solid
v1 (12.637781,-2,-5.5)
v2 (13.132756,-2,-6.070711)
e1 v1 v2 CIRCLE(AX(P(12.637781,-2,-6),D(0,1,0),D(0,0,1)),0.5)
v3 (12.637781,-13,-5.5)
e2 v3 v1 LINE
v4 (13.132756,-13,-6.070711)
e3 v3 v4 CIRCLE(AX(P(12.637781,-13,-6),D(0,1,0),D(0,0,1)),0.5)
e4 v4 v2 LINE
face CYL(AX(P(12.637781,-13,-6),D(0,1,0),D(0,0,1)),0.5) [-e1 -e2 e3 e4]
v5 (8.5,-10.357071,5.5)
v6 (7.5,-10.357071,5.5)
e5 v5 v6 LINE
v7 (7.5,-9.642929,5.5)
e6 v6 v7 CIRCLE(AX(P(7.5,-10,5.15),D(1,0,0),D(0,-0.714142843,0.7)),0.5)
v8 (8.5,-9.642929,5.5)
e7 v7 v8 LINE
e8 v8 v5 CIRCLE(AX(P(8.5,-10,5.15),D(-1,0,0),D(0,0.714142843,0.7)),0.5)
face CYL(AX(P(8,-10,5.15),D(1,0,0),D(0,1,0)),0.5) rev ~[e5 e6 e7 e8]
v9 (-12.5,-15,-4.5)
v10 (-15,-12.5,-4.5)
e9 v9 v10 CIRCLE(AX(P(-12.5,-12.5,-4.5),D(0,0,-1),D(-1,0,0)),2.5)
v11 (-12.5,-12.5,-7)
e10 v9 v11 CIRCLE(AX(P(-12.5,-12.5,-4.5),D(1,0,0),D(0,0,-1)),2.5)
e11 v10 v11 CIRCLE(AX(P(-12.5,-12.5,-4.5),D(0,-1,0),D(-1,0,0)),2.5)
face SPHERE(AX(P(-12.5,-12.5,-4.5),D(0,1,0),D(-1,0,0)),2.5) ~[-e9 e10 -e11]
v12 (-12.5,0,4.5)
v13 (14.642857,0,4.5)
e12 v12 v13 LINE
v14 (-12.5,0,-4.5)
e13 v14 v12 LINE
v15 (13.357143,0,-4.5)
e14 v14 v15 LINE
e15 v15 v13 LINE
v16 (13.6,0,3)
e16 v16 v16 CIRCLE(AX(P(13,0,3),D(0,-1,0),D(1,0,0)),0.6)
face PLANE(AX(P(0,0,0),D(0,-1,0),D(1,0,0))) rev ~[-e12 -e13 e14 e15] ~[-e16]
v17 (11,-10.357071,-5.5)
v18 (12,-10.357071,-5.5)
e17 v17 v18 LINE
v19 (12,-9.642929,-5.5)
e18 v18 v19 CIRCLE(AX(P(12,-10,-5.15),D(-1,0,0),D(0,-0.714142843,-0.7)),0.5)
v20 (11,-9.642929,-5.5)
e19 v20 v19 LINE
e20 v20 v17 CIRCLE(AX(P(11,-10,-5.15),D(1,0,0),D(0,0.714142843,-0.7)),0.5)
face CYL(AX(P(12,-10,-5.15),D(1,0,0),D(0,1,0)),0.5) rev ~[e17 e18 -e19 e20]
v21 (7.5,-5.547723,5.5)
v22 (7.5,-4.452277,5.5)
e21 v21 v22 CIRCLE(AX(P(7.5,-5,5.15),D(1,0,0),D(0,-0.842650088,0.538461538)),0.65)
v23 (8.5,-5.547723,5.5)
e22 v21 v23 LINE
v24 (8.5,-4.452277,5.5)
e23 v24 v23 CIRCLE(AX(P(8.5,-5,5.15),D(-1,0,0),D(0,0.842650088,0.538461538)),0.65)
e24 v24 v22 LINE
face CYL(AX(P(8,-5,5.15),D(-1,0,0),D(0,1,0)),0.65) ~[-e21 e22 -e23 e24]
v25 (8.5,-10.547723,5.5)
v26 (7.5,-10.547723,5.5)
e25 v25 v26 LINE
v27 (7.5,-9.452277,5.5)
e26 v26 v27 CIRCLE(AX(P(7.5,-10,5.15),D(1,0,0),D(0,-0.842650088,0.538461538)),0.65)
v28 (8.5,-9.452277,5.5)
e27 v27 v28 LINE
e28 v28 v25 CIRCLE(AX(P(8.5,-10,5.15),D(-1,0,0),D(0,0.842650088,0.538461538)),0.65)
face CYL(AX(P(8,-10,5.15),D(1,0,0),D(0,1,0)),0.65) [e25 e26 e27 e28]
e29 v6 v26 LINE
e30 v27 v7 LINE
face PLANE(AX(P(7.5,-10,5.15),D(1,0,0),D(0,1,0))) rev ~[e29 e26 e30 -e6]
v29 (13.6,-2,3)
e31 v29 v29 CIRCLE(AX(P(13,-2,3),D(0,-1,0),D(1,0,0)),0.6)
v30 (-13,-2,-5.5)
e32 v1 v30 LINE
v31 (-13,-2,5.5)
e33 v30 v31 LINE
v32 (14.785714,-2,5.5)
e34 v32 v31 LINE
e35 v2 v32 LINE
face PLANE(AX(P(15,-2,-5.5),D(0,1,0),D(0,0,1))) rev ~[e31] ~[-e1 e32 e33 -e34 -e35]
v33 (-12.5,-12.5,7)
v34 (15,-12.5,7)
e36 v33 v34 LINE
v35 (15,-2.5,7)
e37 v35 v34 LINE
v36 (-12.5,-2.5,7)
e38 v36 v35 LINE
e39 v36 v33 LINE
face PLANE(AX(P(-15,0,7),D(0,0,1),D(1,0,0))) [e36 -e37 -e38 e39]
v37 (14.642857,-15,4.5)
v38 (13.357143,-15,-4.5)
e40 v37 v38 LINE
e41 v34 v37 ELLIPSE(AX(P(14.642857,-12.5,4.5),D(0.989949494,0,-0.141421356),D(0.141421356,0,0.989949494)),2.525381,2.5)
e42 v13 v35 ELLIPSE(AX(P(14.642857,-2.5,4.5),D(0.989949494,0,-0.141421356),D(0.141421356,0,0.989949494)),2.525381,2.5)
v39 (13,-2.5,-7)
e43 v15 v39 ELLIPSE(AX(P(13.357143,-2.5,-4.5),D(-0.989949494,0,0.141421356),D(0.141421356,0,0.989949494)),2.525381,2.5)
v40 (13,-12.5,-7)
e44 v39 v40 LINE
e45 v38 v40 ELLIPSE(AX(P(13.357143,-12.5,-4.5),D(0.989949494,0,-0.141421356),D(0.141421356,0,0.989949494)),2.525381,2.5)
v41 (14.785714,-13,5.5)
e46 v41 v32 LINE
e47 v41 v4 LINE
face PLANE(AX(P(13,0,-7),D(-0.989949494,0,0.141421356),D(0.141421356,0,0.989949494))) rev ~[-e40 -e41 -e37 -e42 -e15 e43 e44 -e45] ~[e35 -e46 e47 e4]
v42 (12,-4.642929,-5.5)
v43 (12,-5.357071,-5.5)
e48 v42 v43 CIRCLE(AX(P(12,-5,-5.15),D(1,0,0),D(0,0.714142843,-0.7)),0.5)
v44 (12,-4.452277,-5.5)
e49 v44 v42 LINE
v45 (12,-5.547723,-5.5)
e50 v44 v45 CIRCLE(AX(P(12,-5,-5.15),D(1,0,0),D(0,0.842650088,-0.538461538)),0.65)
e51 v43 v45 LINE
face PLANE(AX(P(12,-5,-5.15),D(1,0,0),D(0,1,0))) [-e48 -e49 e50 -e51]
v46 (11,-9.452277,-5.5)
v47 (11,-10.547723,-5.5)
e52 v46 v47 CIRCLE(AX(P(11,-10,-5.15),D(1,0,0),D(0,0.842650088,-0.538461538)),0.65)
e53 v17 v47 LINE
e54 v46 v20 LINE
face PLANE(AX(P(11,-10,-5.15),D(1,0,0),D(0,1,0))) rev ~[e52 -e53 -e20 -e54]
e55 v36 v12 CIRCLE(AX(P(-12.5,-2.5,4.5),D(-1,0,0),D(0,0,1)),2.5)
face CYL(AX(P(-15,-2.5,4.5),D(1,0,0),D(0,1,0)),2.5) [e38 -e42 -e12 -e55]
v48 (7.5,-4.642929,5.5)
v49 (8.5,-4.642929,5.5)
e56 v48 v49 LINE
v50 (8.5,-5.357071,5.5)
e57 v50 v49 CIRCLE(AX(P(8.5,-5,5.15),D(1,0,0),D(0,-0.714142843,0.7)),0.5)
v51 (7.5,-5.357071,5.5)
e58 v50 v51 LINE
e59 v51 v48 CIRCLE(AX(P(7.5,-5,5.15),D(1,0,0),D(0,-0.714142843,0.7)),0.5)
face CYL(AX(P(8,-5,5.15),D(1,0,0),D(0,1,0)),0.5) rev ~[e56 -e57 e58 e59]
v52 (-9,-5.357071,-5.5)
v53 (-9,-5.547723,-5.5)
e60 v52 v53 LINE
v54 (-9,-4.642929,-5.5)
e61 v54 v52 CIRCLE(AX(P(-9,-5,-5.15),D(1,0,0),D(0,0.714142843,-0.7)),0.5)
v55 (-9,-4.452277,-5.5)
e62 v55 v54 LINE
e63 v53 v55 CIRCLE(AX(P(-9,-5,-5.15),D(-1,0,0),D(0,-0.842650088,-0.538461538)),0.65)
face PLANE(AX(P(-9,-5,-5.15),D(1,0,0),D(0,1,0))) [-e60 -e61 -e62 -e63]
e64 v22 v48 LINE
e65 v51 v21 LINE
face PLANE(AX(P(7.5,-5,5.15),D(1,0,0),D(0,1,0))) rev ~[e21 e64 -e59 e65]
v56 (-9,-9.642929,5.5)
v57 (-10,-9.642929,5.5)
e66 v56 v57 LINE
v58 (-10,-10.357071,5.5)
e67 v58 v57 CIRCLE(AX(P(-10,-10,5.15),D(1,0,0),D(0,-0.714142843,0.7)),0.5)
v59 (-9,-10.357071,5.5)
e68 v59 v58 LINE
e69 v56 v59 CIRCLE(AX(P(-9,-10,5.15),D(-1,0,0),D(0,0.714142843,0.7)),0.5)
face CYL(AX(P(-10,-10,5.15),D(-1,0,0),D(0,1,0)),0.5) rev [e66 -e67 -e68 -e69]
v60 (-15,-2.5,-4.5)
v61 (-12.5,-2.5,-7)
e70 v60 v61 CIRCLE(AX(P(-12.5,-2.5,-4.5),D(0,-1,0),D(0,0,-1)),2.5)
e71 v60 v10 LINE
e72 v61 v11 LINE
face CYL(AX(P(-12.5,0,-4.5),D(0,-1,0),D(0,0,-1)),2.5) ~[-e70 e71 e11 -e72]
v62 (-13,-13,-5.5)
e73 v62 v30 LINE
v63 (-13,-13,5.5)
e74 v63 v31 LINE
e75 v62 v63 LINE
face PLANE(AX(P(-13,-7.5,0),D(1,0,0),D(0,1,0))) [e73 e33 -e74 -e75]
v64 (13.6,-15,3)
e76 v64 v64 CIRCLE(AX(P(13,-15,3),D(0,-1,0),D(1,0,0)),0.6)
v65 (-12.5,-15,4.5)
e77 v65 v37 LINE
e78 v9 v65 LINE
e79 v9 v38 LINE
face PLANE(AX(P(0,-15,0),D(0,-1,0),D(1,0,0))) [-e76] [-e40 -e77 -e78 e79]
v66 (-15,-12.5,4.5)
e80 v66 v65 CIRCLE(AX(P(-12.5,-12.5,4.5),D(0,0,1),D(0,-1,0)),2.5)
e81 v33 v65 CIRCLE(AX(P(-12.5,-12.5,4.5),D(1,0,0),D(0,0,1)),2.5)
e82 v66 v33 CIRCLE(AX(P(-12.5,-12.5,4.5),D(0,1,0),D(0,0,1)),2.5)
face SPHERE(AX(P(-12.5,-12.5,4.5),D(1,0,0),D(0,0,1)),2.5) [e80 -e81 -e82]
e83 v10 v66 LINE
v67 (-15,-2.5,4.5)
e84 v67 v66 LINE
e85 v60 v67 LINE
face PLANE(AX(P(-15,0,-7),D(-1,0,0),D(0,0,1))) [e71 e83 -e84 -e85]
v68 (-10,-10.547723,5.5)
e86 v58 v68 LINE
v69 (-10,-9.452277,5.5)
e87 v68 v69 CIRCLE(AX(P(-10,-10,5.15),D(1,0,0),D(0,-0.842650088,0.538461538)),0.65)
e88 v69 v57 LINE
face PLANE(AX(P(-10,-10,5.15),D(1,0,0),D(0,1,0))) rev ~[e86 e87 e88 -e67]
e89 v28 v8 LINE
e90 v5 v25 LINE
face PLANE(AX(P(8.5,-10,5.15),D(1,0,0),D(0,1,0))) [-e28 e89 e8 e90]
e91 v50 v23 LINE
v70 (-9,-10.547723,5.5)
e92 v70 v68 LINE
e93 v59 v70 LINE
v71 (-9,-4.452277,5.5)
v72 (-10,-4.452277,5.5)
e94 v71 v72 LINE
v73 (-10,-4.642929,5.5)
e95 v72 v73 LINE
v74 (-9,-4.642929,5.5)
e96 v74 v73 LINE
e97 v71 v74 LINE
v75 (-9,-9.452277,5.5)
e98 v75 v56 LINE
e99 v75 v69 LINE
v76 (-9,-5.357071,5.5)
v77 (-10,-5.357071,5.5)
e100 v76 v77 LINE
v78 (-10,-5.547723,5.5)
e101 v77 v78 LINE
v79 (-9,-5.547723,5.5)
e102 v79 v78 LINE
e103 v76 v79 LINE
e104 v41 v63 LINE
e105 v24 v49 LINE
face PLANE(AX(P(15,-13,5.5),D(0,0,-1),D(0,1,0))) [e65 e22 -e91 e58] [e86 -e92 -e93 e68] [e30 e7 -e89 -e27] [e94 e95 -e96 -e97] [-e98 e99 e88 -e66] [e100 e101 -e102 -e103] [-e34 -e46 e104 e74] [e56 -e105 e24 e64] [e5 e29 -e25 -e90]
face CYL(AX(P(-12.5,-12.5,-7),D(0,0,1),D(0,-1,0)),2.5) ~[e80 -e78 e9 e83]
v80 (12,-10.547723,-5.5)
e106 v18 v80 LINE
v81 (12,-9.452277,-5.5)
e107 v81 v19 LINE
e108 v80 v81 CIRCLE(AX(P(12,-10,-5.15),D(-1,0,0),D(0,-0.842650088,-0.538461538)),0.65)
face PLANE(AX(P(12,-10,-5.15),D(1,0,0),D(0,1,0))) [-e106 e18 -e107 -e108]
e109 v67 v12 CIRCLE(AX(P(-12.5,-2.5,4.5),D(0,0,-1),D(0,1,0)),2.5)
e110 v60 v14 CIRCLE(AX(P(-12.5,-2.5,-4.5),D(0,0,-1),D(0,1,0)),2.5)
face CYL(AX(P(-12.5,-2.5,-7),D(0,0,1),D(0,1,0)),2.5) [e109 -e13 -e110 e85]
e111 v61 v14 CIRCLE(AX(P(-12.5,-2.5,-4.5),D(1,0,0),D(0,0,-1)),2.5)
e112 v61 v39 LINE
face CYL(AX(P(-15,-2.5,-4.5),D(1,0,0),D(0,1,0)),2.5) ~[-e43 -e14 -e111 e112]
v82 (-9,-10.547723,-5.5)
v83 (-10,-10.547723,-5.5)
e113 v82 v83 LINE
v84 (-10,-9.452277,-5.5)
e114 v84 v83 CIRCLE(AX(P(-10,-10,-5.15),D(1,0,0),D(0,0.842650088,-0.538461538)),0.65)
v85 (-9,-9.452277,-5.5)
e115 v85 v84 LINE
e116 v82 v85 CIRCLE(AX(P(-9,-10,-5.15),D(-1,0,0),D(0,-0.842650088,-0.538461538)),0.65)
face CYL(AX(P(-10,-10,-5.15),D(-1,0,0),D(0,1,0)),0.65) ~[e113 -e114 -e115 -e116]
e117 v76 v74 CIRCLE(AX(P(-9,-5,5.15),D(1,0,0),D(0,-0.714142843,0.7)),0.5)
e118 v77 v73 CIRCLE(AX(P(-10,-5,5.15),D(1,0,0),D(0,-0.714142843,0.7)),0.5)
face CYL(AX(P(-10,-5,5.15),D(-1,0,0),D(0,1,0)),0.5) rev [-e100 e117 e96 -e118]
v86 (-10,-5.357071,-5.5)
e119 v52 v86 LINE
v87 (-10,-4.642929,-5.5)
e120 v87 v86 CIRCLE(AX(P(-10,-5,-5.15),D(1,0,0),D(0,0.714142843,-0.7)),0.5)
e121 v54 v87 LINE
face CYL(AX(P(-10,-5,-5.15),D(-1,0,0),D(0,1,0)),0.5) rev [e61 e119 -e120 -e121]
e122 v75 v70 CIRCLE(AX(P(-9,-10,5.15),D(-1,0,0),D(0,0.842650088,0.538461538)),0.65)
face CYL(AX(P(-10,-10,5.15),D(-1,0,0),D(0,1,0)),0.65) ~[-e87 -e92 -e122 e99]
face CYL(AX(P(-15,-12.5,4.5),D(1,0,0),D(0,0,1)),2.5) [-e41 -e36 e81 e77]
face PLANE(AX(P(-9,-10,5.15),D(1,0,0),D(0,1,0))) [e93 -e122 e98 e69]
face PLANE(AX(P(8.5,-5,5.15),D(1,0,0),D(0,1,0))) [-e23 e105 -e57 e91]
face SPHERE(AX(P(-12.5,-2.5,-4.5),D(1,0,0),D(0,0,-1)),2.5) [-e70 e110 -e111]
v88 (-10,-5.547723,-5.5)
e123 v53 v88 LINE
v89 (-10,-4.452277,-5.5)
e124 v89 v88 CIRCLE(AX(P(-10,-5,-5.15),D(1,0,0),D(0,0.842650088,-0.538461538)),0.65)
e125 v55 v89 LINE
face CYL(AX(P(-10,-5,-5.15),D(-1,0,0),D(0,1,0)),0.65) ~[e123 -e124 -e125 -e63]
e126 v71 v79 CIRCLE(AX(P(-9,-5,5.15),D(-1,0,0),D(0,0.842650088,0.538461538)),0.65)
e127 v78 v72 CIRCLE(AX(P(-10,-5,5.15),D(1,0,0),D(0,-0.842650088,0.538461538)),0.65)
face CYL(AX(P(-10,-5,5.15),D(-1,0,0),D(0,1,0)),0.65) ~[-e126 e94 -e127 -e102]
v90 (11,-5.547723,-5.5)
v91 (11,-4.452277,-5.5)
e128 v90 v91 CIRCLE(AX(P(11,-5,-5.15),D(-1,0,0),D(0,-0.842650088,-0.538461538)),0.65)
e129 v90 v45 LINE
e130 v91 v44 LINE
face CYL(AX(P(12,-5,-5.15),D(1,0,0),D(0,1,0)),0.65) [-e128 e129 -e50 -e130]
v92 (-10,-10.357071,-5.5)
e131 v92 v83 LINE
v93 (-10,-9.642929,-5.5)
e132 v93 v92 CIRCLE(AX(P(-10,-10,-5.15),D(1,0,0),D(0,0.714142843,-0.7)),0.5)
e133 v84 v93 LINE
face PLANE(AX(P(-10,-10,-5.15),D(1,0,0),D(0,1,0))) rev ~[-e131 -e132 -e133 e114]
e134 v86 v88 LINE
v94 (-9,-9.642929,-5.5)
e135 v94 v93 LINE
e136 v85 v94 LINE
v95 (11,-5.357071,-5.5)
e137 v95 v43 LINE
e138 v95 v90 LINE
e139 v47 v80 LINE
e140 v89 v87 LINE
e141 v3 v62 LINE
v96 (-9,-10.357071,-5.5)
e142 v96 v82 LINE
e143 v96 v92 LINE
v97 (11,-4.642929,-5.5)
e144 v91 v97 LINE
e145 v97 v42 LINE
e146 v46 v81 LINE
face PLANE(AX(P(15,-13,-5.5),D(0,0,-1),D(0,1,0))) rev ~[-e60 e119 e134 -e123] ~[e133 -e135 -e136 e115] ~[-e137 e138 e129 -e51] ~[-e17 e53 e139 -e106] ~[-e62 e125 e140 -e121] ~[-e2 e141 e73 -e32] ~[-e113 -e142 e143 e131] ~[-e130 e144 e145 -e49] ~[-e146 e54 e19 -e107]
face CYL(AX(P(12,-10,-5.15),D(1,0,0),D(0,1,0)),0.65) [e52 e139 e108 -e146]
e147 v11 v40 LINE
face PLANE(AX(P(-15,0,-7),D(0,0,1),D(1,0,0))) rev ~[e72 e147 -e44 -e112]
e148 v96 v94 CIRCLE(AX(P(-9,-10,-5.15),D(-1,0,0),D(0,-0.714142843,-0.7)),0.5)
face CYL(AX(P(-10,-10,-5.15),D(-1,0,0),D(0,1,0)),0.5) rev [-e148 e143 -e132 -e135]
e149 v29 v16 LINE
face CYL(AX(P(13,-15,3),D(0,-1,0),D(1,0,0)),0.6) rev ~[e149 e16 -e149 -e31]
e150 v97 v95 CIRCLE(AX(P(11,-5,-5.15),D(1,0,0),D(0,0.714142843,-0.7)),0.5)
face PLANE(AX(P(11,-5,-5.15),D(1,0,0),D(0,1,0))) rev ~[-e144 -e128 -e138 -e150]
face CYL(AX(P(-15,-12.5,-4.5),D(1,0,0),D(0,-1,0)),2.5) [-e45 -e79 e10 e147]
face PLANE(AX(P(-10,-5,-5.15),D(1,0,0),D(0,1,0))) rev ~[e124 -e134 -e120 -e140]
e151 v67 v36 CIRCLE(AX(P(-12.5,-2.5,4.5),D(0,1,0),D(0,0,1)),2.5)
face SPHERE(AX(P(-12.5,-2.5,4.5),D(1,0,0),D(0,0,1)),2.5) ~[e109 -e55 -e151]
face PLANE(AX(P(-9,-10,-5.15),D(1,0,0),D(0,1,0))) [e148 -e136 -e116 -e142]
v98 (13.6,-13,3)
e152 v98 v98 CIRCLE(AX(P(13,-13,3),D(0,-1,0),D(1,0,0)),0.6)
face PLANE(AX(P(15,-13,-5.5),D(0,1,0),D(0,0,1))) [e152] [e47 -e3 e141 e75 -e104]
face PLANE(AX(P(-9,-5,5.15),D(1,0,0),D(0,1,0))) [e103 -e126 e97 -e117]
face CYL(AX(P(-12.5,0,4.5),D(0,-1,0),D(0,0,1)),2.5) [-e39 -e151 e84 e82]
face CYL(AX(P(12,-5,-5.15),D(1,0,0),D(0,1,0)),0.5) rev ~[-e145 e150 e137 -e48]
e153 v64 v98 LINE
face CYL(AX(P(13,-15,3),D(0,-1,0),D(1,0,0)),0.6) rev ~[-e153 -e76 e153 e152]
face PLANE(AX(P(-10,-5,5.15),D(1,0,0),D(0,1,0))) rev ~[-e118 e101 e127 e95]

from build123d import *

# Parameters (mm, degrees)
F0_W           = 30
F0_H           = 14
F1_DEPTH       = 15
F2_W           = 11
F2_H           = 11
F3_DEPTH       = 28
F5_R           = 0.65
F5_R_2         = 0.5
F6_DEPTH       = 1
F8_DEPTH       = 25
F9_R           = 2.5
F10_R          = 0.6
F11_DEPTH      = 20
F13_R          = 0.65
F13_R_2        = 0.5
F14_DEPTH      = 1
F15_R          = 0.5
F17_R          = 0.65
F17_R_2        = 0.5
F18_DEPTH      = 0.5
F18_DEPTH_BACK = 0.5
F19_R          = 0.65
F19_R_2        = 0.5
F20_DEPTH      = 1


with BuildPart() as f1:
    # F0 (on Front) → F1 (new body)
    with BuildSketch(Plane.XZ):
        Rectangle(F0_W, F0_H)
    extrude(amount=F1_DEPTH)

    # F2 (on face) → F3 (cut)
    with BuildSketch(Plane.YZ.offset(15)):
        with Locations((-7.5, 0)):
            Rectangle(F2_W, F2_H)
    extrude(amount=-F3_DEPTH, mode=Mode.SUBTRACT)

    # F5 (on offset) → F6 (join)
    with BuildSketch(Plane.YZ.offset(12)):
        with Locations((-10, -5.15)):
            Circle(F5_R)
        with Locations((-10, -5.15)):
            Circle(F5_R_2, mode=Mode.SUBTRACT)
        with Locations((-5, -5.15)):
            Circle(F5_R)
        with Locations((-5, -5.15)):
            Circle(F5_R_2, mode=Mode.SUBTRACT)
    extrude(amount=-F6_DEPTH)

    # F7 (on face) → F8 (cut)
    with BuildSketch(Plane(origin=(0, 0, 0), x_dir=(-1, 0, 0), z_dir=(0, 1, 0))):
        Polygon((-13, -7), (-15, 7), (-15, -7), align=None)
    extrude(amount=-F8_DEPTH, mode=Mode.SUBTRACT)

    # F9
    f9_edges = [f1.edges().sort_by_distance(p)[0] for p in [
        (0, 0, 7),
        (0, -15, 7),
        (-1, 0, -7),
        (-15, -7.5, 7),
        (-15, -7.5, -7),
        (-15, 0, 0),
        (-15, -15, 0),
        (-1, -15, -7),
    ]]
    fillet(f9_edges, radius=F9_R)

    # F10 (on face) → F11 (cut)
    with BuildSketch(Plane.XZ.offset(15)):
        with Locations((13, 3)):
            Circle(F10_R)
    extrude(amount=-F11_DEPTH, mode=Mode.SUBTRACT)

    # F13 (on offset) → F14 (join)
    with BuildSketch(Plane.YZ.offset(-10)):
        with Locations((-10, -5.15)):
            Circle(F13_R)
        with Locations((-10, -5.15)):
            Circle(F13_R_2, mode=Mode.SUBTRACT)
        with Locations((-5, -5.15)):
            Circle(F13_R)
        with Locations((-5, -5.15)):
            Circle(F13_R_2, mode=Mode.SUBTRACT)
    extrude(amount=F14_DEPTH)

    # F15
    f15_edges = [f1.edges().sort_by_distance(p)[0] for p in [
        (13.214286, -7.5, -5.5),
    ]]
    fillet(f15_edges, radius=F15_R)

    # F17 (on offset) → F18 (join, two sides)
    with BuildSketch(Plane.YZ.offset(8)) as f18_sk:
        with Locations((-10, 5.15)):
            Circle(F17_R)
        with Locations((-10, 5.15)):
            Circle(F17_R_2, mode=Mode.SUBTRACT)
        with Locations((-5, 5.15)):
            Circle(F17_R)
        with Locations((-5, 5.15)):
            Circle(F17_R_2, mode=Mode.SUBTRACT)
    extrude(amount=F18_DEPTH)
    extrude(f18_sk.sketch, amount=-F18_DEPTH_BACK)

    # F19 (on offset) → F20 (join)
    with BuildSketch(Plane.YZ.offset(-10)):
        with Locations((-10, 5.15)):
            Circle(F19_R)
        with Locations((-10, 5.15)):
            Circle(F19_R_2, mode=Mode.SUBTRACT)
        with Locations((-5, 5.15)):
            Circle(F19_R)
        with Locations((-5, 5.15)):
            Circle(F19_R_2, mode=Mode.SUBTRACT)
    extrude(amount=F20_DEPTH)


solid = f1.part
